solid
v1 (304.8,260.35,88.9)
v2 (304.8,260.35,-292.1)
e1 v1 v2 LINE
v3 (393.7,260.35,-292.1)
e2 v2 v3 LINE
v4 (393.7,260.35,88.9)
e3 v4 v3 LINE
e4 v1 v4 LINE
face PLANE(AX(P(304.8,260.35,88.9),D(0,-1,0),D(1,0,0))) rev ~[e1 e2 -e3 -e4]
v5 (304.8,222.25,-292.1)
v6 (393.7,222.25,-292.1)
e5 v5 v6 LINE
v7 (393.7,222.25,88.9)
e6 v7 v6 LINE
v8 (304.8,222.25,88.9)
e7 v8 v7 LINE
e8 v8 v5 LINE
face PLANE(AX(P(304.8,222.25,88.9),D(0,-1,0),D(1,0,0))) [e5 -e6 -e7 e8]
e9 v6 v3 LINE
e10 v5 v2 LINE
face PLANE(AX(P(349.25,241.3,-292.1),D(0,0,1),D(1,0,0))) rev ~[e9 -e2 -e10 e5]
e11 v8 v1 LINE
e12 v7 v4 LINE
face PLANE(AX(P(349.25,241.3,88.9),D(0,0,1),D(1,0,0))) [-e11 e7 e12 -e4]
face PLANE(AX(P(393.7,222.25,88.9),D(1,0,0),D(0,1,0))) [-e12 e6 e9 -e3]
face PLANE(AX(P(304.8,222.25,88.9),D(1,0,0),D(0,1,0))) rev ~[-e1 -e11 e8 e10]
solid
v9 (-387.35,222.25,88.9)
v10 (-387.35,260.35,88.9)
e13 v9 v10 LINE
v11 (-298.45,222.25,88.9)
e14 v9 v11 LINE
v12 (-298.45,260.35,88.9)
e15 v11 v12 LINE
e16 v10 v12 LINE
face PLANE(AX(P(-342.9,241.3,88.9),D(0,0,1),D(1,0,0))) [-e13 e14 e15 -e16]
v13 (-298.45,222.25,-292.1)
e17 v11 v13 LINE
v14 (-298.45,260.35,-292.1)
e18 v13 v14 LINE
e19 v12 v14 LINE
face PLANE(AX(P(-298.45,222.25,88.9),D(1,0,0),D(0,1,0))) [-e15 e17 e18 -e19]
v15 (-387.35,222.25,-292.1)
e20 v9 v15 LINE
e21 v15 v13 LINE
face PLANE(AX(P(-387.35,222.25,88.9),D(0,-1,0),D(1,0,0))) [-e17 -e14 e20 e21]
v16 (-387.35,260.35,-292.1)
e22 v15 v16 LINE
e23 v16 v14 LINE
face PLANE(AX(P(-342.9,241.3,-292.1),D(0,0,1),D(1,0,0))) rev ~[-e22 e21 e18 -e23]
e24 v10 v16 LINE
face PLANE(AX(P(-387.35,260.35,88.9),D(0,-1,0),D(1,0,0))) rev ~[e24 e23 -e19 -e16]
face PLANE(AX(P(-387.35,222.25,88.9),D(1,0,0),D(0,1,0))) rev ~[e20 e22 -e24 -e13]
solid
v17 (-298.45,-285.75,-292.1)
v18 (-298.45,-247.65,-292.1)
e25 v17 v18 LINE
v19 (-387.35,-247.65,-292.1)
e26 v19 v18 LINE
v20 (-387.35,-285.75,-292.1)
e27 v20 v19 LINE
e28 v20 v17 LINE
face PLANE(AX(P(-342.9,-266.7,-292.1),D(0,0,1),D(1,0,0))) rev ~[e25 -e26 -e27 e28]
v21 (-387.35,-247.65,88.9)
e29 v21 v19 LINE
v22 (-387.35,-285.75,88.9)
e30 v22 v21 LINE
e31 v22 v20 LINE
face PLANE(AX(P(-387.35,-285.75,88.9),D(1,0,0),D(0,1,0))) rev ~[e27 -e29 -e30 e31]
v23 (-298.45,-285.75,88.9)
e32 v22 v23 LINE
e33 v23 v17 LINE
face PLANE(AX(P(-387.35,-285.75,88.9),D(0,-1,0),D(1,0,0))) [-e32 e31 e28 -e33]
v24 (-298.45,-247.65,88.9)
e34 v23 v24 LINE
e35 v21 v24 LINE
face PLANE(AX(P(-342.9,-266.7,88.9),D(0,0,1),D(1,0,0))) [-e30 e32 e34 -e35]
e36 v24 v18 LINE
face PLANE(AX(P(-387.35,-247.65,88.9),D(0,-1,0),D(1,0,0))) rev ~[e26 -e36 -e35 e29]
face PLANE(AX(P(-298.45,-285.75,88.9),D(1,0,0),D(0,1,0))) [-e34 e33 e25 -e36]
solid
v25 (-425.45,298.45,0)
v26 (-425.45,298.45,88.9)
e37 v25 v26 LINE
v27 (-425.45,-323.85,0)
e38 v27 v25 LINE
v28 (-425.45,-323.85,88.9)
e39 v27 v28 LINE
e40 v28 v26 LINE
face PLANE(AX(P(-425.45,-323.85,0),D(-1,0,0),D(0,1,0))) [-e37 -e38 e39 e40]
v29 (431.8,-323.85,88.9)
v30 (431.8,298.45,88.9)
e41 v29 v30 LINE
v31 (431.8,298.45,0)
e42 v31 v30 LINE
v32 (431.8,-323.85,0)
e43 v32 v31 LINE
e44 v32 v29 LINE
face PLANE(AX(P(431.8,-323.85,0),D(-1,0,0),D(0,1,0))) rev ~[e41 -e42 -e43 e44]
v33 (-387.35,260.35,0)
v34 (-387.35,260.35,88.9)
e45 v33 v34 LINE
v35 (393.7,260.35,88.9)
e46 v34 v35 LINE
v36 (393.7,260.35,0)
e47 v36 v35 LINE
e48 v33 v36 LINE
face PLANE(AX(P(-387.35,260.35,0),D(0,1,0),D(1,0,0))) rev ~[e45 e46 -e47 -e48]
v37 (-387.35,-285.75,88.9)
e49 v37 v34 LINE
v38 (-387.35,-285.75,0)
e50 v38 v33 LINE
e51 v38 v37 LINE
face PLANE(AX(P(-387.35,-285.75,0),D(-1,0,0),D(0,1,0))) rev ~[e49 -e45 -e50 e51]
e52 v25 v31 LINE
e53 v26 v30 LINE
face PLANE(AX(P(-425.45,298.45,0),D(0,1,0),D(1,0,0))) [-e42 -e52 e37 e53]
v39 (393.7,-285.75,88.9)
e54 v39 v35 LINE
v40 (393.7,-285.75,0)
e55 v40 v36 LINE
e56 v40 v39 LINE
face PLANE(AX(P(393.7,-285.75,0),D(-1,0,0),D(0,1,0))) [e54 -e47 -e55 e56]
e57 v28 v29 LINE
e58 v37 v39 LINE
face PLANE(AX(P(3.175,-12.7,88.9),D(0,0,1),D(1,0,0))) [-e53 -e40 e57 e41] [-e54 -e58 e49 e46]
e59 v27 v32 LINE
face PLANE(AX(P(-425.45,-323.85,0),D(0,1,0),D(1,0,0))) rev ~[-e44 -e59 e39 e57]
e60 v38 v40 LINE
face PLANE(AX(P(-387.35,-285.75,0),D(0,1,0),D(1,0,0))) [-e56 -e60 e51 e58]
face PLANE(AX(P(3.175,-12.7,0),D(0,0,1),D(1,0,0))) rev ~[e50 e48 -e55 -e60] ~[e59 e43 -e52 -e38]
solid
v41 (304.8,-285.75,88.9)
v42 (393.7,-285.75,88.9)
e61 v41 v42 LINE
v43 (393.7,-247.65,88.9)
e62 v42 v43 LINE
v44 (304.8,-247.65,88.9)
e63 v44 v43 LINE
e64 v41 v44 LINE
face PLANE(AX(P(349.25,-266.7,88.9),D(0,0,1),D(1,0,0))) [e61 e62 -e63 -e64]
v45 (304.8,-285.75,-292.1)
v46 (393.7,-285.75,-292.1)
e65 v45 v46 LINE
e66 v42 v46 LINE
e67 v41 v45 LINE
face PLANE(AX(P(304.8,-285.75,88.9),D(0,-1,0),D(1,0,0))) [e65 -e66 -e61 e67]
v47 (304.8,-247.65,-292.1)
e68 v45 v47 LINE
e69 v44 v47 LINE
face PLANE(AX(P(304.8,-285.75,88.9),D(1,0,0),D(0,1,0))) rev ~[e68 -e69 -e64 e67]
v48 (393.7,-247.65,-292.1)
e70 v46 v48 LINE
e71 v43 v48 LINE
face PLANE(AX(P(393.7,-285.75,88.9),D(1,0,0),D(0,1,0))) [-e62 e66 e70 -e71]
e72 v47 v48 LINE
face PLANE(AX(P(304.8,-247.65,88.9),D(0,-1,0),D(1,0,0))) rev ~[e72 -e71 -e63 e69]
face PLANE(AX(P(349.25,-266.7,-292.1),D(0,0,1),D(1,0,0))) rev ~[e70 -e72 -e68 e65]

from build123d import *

# Parameters (mm, degrees)
F0_W     = 857.25
F0_H     = 622.3
F0_W_2   = 781.05
F0_H_2   = 546.1
F1_DEPTH = 88.9
F2_W     = 88.9
F2_H     = 38.1
F3_DEPTH = 381


with BuildPart() as f1:
    # F0 (on Top) → F1 (new body)
    with BuildSketch(Plane.XY):
        with Locations((3.175, -12.7)):
            Rectangle(F0_W, F0_H)
        with Locations((3.175, -12.7)):
            Rectangle(F0_W_2, F0_H_2, mode=Mode.SUBTRACT)
    extrude(amount=F1_DEPTH)


with BuildPart() as f3:
    # F2 (on face) → F3 (new body)
    with BuildSketch(Plane.XY.offset(88.9)):
        with Locations((-342.9, 241.3)):
            Rectangle(F2_W, F2_H)
    extrude(amount=-F3_DEPTH)


with BuildPart() as f3b:
    # F2 (on face) → F3, piece 2 (new body)
    with BuildSketch(Plane.XY.offset(88.9)):
        with Locations((-342.9, -266.7)):
            Rectangle(F2_W, F2_H)
    extrude(amount=-F3_DEPTH)


with BuildPart() as f3c:
    # F2 (on face) → F3, piece 3 (new body)
    with BuildSketch(Plane.XY.offset(88.9)):
        with Locations((349.25, -266.7)):
            Rectangle(F2_W, F2_H)
    extrude(amount=-F3_DEPTH)


with BuildPart() as f3d:
    # F2 (on face) → F3, piece 4 (new body)
    with BuildSketch(Plane.XY.offset(88.9)):
        with Locations((349.25, 241.3)):
            Rectangle(F2_W, F2_H)
    extrude(amount=-F3_DEPTH)


solid = Compound([f1.part, f3.part, f3b.part, f3c.part, f3d.part])
